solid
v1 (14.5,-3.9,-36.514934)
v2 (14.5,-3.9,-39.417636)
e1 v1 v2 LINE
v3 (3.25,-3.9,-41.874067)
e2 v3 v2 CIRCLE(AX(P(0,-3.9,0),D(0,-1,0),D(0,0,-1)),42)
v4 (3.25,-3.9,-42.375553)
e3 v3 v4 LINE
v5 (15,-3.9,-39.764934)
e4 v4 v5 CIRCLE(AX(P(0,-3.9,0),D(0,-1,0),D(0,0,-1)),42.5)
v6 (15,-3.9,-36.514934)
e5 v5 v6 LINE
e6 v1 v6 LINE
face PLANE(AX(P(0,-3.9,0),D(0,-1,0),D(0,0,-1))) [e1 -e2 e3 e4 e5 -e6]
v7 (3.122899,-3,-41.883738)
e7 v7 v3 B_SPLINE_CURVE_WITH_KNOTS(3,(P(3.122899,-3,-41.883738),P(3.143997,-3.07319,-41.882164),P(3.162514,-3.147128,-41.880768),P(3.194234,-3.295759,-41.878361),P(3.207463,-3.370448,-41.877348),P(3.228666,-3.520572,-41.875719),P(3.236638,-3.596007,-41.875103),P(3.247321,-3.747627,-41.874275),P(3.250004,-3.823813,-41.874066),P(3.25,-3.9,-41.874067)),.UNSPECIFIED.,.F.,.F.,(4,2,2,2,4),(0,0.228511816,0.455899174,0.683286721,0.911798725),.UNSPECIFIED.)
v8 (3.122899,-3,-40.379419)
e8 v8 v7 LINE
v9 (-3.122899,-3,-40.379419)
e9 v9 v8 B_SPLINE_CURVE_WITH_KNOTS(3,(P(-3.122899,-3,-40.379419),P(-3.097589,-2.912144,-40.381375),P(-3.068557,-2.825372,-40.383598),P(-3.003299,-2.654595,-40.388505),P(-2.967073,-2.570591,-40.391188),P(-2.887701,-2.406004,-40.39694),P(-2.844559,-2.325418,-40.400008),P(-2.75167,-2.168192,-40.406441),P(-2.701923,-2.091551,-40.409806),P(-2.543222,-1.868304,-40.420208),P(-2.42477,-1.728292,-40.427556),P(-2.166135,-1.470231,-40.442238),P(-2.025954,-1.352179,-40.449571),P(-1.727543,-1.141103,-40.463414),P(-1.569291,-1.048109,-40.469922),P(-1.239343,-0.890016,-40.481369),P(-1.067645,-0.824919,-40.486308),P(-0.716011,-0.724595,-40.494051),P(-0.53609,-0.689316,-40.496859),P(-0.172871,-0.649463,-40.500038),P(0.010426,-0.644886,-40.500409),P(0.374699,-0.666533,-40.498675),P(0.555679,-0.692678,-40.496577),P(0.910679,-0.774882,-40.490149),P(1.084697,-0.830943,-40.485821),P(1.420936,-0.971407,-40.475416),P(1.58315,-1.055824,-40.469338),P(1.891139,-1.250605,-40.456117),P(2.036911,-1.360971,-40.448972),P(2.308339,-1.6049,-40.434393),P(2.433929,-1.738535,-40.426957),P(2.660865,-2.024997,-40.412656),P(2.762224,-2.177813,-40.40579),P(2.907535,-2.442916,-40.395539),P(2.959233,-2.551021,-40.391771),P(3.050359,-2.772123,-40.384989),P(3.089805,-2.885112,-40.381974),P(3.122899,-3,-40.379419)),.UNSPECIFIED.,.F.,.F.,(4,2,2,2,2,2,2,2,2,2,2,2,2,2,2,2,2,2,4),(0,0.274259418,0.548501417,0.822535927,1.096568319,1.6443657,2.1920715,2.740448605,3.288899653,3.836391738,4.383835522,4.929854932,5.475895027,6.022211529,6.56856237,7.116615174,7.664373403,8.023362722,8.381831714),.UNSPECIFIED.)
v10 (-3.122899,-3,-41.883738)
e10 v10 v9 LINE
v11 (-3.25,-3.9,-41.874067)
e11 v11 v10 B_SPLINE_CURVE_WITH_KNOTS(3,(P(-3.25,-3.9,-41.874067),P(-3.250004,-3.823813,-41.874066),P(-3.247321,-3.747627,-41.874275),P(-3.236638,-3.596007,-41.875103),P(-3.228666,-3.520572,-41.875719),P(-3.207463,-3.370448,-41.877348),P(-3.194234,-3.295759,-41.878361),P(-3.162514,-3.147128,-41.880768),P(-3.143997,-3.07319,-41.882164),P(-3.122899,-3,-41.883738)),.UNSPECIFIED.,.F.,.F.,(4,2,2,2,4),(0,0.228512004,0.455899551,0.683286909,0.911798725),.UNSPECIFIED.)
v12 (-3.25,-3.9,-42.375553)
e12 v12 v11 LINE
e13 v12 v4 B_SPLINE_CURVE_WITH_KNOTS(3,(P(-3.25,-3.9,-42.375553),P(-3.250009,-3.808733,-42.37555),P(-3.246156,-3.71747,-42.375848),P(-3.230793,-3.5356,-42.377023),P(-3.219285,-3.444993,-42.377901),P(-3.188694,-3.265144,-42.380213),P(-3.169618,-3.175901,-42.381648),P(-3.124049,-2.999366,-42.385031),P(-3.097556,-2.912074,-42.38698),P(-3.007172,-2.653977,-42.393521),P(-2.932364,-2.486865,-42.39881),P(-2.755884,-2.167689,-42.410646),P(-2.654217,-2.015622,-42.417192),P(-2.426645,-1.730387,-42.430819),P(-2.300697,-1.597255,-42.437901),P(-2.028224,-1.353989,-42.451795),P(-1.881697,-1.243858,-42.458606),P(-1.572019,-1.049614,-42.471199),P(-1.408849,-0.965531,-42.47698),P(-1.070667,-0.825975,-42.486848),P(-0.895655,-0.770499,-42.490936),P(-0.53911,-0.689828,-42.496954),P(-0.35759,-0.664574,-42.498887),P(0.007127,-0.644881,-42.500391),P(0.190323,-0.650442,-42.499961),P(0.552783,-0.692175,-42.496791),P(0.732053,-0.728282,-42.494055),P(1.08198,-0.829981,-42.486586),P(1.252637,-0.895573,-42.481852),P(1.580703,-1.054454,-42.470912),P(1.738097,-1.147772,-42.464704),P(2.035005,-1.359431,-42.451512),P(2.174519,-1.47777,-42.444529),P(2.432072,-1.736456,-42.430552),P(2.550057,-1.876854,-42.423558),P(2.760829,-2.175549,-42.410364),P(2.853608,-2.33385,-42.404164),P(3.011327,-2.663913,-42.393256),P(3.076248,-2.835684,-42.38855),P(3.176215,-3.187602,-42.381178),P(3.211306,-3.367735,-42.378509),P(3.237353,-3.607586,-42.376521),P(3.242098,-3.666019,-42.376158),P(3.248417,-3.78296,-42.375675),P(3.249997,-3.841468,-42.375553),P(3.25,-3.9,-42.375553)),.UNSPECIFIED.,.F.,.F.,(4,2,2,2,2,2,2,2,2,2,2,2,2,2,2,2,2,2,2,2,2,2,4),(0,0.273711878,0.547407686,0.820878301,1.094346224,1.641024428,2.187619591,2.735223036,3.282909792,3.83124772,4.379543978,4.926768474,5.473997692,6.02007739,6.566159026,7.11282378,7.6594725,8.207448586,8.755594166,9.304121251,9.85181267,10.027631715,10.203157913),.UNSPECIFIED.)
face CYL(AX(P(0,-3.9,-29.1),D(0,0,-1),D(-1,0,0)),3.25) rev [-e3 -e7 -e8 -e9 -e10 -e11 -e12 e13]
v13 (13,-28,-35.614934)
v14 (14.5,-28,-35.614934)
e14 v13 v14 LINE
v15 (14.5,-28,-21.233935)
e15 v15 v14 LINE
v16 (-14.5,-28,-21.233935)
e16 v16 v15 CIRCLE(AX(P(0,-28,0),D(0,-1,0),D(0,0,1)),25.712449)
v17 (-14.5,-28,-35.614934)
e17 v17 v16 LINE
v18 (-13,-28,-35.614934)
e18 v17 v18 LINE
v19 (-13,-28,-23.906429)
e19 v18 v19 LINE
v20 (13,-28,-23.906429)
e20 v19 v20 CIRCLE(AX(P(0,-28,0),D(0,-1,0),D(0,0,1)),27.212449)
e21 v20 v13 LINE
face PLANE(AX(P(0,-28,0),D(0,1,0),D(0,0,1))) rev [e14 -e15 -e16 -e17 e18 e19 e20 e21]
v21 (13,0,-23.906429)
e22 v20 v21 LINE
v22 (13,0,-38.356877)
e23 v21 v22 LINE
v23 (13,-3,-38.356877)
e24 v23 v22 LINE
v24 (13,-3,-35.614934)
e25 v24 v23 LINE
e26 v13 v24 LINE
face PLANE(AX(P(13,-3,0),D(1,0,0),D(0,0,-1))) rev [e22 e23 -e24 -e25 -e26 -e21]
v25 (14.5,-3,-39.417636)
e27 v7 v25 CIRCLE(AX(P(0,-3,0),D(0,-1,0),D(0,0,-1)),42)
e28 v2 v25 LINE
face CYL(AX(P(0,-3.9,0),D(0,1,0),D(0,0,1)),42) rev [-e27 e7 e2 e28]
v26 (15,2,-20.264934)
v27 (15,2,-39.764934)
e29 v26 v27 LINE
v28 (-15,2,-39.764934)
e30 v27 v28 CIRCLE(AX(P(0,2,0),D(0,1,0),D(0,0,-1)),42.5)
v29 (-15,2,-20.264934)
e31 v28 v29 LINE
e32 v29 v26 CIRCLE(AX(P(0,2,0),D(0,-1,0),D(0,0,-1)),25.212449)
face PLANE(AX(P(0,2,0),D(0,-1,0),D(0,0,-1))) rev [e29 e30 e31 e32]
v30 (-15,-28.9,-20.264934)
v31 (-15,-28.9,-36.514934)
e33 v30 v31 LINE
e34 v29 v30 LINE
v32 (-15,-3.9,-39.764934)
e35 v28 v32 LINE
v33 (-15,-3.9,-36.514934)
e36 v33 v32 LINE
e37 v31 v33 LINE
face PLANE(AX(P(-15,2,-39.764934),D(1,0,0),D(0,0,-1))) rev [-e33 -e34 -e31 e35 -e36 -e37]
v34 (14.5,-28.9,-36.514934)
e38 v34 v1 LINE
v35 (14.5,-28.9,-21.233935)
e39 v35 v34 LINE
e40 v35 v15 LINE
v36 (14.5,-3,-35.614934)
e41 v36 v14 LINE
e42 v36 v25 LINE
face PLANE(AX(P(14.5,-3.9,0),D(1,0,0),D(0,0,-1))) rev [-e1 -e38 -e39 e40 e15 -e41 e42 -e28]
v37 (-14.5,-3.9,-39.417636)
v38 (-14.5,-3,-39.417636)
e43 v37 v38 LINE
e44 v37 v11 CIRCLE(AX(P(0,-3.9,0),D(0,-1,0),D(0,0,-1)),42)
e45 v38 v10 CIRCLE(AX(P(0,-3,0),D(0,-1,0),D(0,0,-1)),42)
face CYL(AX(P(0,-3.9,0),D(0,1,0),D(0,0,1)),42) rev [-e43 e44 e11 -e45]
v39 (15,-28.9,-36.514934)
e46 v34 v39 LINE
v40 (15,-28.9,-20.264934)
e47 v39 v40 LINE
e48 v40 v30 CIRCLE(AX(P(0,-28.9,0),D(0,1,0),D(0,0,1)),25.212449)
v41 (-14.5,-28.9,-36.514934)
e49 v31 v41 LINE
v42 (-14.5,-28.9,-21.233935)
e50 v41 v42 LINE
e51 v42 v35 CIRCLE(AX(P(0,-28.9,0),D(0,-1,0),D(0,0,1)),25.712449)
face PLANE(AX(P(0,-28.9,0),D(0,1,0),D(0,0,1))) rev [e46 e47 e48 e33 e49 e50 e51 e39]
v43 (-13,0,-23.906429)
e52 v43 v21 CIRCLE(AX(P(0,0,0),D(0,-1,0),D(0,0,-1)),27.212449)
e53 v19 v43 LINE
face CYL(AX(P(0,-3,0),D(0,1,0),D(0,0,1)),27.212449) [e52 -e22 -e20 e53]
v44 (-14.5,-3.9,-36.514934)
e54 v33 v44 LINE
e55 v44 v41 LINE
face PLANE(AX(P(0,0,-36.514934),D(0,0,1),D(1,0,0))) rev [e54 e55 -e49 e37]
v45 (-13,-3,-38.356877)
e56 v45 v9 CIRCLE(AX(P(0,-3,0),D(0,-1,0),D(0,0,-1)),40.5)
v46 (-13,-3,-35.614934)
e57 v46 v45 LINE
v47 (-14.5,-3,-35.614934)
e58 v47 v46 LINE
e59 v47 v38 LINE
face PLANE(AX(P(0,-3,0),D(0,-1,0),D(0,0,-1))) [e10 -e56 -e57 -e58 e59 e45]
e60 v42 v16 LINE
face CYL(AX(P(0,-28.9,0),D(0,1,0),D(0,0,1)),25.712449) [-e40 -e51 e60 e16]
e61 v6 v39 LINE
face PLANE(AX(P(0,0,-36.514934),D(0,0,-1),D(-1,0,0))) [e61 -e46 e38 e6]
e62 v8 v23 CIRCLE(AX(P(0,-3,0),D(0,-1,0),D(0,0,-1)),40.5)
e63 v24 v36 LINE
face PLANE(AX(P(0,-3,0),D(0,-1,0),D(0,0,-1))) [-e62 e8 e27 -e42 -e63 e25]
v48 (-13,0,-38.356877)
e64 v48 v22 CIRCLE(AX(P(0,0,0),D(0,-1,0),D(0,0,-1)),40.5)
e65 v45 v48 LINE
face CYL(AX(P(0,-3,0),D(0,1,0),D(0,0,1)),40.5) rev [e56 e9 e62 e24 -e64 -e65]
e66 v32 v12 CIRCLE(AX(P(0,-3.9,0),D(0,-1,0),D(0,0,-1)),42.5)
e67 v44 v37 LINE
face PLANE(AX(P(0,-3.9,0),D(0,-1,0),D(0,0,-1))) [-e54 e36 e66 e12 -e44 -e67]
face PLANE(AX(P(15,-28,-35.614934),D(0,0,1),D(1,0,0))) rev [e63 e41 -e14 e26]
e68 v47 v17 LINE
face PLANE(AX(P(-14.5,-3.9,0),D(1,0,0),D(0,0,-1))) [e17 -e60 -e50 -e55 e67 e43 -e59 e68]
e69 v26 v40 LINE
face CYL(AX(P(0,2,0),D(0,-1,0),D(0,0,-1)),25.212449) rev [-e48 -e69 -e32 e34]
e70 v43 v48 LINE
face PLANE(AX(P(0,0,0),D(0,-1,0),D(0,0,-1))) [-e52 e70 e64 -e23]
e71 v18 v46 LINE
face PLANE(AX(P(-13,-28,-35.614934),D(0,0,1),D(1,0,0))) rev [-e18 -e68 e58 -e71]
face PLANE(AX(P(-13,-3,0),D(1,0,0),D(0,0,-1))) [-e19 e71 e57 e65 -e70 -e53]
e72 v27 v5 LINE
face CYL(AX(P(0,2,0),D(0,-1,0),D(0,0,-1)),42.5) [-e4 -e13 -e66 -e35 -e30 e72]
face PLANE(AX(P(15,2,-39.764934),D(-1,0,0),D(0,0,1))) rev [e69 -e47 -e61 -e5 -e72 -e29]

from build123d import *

# Parameters (mm, degrees)
BOSS_EXTRUDE2_DEPTH  = 2
BOSS_EXTRUDE9_DEPTH  = 3
BOSS_EXTRUDE10_DEPTH = 0.9
SKETCH20_R           = 3.25
CUT_EXTRUDE14_DEPTH  = 20.9
SKETCH21_W           = 30
SKETCH21_H           = 16.85185618
CUT_EXTRUDE15_DEPTH  = 1
BOSS_EXTRUDE11_DEPTH = 25
SKETCH23_W           = 0.5
SKETCH23_H           = 24.1
BOSS_EXTRUDE12_DEPTH = 0.9
BOSS_EXTRUDE13_DEPTH = 0.9


with BuildPart() as part:
    # Sketch1 → Boss-Extrude2 (new body)
    with BuildSketch(Plane(origin=(0, 0, 0), x_dir=(1, 0, 0), z_dir=(0, 1, 0))):
        with BuildLine():
            Line((-15, 39.764934301), (-15, 20.264934301))
            ThreePointArc((-15, 20.264934301), (0, 25.212448557), (15, 20.264934301))
            Line((15, 20.264934301), (15, 39.764934301))
            ThreePointArc((15, 39.764934301), (0, 42.5), (-15, 39.764934301))
        make_face()
    extrude(amount=BOSS_EXTRUDE2_DEPTH)

    # Sketch16 → Boss-Extrude9 (add)
    with BuildSketch(Plane.XZ):
        with BuildLine():
            Line((-15, -20.264934301), (-15, -39.764934301))
            ThreePointArc((-15, -39.764934301), (0, -42.5), (15, -39.764934301))
            Line((15, -39.764934301), (15, -20.264934301))
            ThreePointArc((15, -20.264934301), (0, -25.212448557), (-15, -20.264934301))
        make_face()
        with BuildLine():
            ThreePointArc((-13, -38.356876828), (0, -40.5), (13, -38.356876828))
            Line((13, -38.356876828), (13, -23.906429187))
            ThreePointArc((13, -23.906429187), (0, -27.212448557), (-13, -23.906429187))
            Line((-13, -23.906429187), (-13, -38.356876828))
        make_face(mode=Mode.SUBTRACT)
    extrude(amount=BOSS_EXTRUDE9_DEPTH)

    # Sketch17 → Boss-Extrude10 (add)
    with BuildSketch(Plane.XZ.offset(3)):
        with BuildLine():
            ThreePointArc((15, -20.264934301), (0, -25.212448557), (-15, -20.264934301))
            Line((-15, -20.264934301), (-15, -39.764934301))
            ThreePointArc((-15, -39.764934301), (0, -42.5), (15, -39.764934301))
            Line((15, -39.764934301), (15, -20.264934301))
        make_face()
        with BuildLine():
            ThreePointArc((-14.5, -39.417635647), (0, -42), (14.5, -39.417635647))
            Line((14.5, -39.417635647), (14.5, -21.233935358))
            ThreePointArc((14.5, -21.233935358), (0, -25.712448557), (-14.5, -21.233935358))
            Line((-14.5, -21.233935358), (-14.5, -39.417635647))
        make_face(mode=Mode.SUBTRACT)
    extrude(amount=BOSS_EXTRUDE10_DEPTH)

    # Sketch20 → Cut-Extrude14 (cut)
    with BuildSketch(Plane.XY.offset(-50)):
        with Locations((0, -3.9)):
            Circle(SKETCH20_R)
    extrude(amount=CUT_EXTRUDE14_DEPTH, mode=Mode.SUBTRACT)

    # Sketch21 → Cut-Extrude15 (cut)
    with BuildSketch(Plane.XZ.offset(3)):
        with Locations((0, -27.189006211)):
            Rectangle(SKETCH21_W, SKETCH21_H)
    extrude(amount=CUT_EXTRUDE15_DEPTH, mode=Mode.SUBTRACT)

    # Sketch22 → Boss-Extrude11 (add)
    with BuildSketch(Plane.XZ.offset(3)):
        with BuildLine():
            Line((15, -20.264934301), (15, -35.614934301))
            Line((15, -35.614934301), (13, -35.614934301))
            Line((13, -35.614934301), (13, -23.906429187))
            ThreePointArc((13, -23.906429187), (0, -27.212448557), (-13, -23.906429187))
            Line((-13, -23.906429187), (-13, -35.614934301))
            Line((-13, -35.614934301), (-15, -35.614934301))
            Line((-15, -35.614934301), (-15, -20.264934301))
            ThreePointArc((-15, -20.264934301), (0, -25.212448557), (15, -20.264934301))
        make_face()
    extrude(amount=BOSS_EXTRUDE11_DEPTH)

    # Sketch23 → Boss-Extrude12 (add)
    with BuildSketch(Plane(origin=(0, 0, -35.614934301), x_dir=(-1, 0, 0), z_dir=(0, 0, -1))):
        with Locations((-14.75, -15.95)):
            Rectangle(SKETCH23_W, SKETCH23_H)
        with Locations((14.75, -15.95)):
            Rectangle(SKETCH23_W, SKETCH23_H)
    extrude(amount=BOSS_EXTRUDE12_DEPTH)

    # Sketch26 → Boss-Extrude13 (add)
    with BuildSketch(Plane.XZ.offset(28)):
        with BuildLine():
            Line((15, -36.514934301), (15, -20.264934301))
            ThreePointArc((15, -20.264934301), (0, -25.212448557), (-15, -20.264934301))
            Line((-15, -20.264934301), (-15, -36.514934301))
            Line((-15, -36.514934301), (-14.5, -36.514934301))
            Line((-14.5, -36.514934301), (-14.5, -21.233935358))
            ThreePointArc((-14.5, -21.233935358), (0, -25.712448557), (14.5, -21.233935358))
            Line((14.5, -21.233935358), (14.5, -36.514934301))
            Line((14.5, -36.514934301), (15, -36.514934301))
        make_face()
    extrude(amount=BOSS_EXTRUDE13_DEPTH)


solid = part.part
